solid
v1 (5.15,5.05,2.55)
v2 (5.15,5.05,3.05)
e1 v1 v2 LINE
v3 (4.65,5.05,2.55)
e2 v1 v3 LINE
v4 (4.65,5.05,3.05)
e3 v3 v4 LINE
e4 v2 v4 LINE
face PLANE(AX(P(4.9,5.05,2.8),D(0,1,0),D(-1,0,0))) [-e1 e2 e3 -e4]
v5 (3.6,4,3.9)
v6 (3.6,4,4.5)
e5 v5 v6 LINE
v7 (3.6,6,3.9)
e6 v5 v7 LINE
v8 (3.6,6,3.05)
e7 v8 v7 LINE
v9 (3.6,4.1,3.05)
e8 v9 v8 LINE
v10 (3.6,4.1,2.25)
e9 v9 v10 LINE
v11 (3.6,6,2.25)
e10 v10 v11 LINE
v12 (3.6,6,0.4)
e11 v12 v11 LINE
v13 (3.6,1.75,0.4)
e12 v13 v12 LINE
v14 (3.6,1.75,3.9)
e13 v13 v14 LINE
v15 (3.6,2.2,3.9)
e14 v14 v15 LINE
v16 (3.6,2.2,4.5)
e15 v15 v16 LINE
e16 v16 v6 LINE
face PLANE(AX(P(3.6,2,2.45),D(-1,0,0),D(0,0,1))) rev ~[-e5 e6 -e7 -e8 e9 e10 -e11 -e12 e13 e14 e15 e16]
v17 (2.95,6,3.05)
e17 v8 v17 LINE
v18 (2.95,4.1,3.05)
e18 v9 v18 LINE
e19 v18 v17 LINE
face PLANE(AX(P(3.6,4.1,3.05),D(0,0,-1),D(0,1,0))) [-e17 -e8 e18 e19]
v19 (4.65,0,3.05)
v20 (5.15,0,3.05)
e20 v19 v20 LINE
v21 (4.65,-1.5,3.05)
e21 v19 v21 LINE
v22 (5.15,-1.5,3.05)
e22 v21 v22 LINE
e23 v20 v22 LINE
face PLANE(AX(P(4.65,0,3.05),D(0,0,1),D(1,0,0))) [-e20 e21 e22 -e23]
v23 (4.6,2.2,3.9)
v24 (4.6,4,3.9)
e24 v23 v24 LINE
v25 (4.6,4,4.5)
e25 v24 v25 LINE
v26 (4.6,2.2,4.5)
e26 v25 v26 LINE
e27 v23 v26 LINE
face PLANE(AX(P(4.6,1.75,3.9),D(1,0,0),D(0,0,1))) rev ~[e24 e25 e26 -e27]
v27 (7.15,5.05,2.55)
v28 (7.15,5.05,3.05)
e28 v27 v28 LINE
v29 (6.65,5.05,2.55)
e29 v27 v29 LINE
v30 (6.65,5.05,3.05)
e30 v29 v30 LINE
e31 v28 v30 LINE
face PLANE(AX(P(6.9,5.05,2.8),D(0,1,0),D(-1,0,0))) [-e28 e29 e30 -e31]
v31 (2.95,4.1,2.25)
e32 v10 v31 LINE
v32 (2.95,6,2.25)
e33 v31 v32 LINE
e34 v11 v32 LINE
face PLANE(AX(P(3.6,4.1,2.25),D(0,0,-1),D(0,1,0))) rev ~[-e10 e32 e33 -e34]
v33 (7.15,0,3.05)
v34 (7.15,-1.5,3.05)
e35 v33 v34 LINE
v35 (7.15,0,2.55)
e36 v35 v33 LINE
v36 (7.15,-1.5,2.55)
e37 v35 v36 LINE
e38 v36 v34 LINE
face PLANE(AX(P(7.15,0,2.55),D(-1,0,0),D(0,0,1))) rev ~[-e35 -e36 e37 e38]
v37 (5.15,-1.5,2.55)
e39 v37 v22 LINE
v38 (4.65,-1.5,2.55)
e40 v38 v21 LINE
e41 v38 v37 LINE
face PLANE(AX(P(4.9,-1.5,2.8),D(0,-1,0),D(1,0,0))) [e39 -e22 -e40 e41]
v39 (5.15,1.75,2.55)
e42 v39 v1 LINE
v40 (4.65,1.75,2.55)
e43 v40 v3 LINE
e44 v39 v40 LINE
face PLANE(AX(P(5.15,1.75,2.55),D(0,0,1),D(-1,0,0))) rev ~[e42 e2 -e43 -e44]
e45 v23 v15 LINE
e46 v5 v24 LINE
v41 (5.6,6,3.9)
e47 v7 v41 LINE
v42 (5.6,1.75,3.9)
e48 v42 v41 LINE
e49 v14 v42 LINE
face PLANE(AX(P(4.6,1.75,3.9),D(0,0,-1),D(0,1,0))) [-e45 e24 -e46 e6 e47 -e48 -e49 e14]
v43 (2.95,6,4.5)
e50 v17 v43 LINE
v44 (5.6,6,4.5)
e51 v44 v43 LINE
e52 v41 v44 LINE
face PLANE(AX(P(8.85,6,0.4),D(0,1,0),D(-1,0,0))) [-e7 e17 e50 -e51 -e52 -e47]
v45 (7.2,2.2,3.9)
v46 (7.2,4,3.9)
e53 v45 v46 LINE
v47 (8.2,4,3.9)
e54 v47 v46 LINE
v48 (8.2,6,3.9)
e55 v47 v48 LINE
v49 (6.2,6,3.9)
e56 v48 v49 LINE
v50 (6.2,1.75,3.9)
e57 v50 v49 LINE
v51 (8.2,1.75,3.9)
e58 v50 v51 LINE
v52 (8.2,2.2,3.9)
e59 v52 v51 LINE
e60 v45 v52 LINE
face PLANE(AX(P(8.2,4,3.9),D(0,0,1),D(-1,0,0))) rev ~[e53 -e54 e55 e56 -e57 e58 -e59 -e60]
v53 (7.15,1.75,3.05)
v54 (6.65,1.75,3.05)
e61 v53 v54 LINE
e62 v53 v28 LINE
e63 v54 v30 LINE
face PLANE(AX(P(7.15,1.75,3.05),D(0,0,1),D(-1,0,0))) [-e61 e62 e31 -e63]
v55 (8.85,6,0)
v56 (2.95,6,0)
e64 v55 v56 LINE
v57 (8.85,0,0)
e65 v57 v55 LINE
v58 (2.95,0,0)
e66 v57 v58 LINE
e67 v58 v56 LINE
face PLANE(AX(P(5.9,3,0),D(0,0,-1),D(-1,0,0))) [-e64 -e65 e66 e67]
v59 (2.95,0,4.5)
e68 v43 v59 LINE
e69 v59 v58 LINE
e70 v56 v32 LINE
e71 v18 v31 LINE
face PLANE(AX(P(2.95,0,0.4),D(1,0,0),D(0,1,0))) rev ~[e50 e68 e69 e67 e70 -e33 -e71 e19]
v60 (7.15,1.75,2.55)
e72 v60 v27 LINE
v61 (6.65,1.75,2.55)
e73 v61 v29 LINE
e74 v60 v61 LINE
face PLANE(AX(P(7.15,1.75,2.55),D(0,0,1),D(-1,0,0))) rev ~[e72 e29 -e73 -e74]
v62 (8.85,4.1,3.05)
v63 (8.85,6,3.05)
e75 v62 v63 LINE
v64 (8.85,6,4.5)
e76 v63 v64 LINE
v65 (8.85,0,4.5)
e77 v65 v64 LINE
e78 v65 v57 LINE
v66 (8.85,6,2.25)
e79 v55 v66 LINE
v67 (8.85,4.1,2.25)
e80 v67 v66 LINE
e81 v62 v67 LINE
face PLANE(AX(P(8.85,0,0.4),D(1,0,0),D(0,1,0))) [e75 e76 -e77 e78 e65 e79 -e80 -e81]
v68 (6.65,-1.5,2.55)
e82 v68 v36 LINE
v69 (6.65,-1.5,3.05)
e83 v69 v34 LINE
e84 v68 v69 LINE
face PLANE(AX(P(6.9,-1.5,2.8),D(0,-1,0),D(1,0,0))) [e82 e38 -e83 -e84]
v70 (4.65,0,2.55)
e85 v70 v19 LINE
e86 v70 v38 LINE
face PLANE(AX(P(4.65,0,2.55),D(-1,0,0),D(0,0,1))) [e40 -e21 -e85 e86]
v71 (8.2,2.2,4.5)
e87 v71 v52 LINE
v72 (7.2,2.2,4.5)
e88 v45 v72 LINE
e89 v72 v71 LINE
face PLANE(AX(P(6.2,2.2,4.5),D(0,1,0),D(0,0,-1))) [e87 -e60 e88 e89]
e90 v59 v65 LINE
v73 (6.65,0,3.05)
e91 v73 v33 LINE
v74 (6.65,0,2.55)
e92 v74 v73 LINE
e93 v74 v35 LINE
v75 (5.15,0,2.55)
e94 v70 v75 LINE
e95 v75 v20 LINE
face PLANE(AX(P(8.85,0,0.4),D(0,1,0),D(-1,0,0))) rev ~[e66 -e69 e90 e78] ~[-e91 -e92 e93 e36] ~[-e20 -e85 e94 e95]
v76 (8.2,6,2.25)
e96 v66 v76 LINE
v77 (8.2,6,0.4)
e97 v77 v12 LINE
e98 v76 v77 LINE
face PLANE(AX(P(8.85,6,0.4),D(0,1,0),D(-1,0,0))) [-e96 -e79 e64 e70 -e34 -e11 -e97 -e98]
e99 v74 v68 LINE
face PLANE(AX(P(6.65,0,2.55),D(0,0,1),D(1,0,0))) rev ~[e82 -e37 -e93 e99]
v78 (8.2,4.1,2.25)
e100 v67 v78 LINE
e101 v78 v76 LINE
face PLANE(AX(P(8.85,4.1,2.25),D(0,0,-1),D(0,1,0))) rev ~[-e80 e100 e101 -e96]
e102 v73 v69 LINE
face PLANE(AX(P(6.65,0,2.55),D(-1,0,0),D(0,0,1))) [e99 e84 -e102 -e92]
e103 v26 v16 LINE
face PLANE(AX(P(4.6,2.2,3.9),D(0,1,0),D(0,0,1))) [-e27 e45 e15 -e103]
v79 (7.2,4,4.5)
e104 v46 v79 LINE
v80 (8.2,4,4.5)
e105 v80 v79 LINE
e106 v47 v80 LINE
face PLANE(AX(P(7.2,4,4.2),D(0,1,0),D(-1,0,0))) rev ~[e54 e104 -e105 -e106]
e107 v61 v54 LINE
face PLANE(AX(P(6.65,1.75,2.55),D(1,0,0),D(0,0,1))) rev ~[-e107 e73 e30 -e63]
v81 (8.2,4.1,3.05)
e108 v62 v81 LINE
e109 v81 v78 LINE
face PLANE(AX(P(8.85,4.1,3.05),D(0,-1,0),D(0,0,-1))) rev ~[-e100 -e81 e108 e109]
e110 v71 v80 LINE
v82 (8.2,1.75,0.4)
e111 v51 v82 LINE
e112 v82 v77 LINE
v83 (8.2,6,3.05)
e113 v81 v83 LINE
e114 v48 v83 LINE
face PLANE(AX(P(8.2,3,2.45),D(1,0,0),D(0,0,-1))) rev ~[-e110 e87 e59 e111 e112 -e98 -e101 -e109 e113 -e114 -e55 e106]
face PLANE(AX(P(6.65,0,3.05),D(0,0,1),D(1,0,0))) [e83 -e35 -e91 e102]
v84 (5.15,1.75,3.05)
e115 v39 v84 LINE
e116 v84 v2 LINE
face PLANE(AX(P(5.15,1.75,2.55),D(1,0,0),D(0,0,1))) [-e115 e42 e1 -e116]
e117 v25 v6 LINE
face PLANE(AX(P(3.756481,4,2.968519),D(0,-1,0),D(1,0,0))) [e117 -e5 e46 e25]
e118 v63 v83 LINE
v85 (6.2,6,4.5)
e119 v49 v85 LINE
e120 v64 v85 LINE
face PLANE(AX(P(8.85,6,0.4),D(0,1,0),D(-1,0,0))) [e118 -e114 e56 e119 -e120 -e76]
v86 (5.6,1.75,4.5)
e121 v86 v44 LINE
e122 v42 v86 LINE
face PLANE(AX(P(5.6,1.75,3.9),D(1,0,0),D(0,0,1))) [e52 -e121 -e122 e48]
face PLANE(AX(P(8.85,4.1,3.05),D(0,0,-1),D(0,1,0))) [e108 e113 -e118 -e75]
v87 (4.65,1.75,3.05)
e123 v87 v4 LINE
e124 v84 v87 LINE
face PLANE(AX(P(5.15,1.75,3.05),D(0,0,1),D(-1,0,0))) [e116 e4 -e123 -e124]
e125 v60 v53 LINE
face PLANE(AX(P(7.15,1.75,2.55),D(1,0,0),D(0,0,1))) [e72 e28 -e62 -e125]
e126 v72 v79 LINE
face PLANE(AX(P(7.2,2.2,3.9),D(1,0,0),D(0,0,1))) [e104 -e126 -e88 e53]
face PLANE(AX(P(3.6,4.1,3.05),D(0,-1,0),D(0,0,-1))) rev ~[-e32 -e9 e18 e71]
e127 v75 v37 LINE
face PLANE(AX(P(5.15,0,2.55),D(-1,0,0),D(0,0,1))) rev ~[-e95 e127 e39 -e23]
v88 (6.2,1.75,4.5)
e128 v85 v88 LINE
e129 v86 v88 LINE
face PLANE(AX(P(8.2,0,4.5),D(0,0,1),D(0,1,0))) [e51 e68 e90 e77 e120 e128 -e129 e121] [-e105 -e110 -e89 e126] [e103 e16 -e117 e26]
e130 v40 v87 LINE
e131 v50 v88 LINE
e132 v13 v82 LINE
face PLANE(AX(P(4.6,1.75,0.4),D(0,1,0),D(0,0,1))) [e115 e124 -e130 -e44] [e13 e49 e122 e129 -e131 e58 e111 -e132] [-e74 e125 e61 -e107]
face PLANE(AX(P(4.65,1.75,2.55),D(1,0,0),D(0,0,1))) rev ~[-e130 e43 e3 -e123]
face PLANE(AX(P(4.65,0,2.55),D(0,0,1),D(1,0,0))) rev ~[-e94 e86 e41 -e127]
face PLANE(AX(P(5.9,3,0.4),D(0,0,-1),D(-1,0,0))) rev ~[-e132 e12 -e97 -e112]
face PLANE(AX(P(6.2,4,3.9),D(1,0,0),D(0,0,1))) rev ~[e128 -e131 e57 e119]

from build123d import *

# Parameters (mm, degrees)
SKETCH1_W            = 1.75
SKETCH1_H            = 4.1
BOSS_EXTRUDE1_DEPTH  = 1.6
BOSS_EXTRUDE2_DEPTH  = 2
SKETCH3_W            = 1
SKETCH3_H            = 0.6
BOSS_EXTRUDE3_DEPTH  = 1.8
SKETCH4_W            = 1
SKETCH4_H            = 0.6
BOSS_EXTRUDE4_DEPTH  = 2.25
BOSS_EXTRUDE5_DEPTH  = 1
SKETCH6_W            = 4.1
SKETCH6_H            = 4
BOSS_EXTRUDE6_DEPTH  = 0.65
SKETCH7_W            = 2
SKETCH7_H            = 0.6
BOSS_EXTRUDE7_DEPTH  = 2
SKETCH8_W            = 4.1
SKETCH8_H            = 6
BOSS_EXTRUDE8_DEPTH  = 0.65
SKETCH9_W            = 5.9
SKETCH9_H            = 6
BOSS_EXTRUDE9_DEPTH  = 0.4
SKETCH10_W           = 0.8
SKETCH10_H           = 1.9
CUT_EXTRUDE1_DEPTH   = 1.65
SKETCH11_W           = 0.8
SKETCH11_H           = 1.9
CUT_EXTRUDE2_DEPTH   = 6.9
SKETCH12_W           = 0.5
SKETCH12_H           = 0.5
BOSS_EXTRUDE10_DEPTH = 3.3
SKETCH13_W           = 0.5
SKETCH13_H           = 0.5
BOSS_EXTRUDE11_DEPTH = 3.3
SKETCH14_W           = 0.5
SKETCH14_H           = 0.5
BOSS_EXTRUDE12_DEPTH = 1.5
SKETCH15_W           = 0.5
SKETCH15_H           = 0.5
BOSS_EXTRUDE13_DEPTH = 1.5


with BuildPart() as part:
    # Sketch1 → Boss-Extrude1 (new body)
    with BuildSketch(Plane(origin=(4.6, 0, 0), x_dir=(0, -1, 0), z_dir=(-1, 0, 0))):
        with Locations((-0.875, 2.45)):
            Rectangle(SKETCH1_W, SKETCH1_H)
    extrude(amount=-BOSS_EXTRUDE1_DEPTH)

    # Sketch2 → Boss-Extrude2 (add)
    with BuildSketch(Plane(origin=(6.2, 0, 0), x_dir=(0, 0, -1), z_dir=(1, 0, 0))):
        Polygon((-3.9, 1.75), (-0.4, 1.75), (-0.4, 0), (-4.5, 0), (-4.5, 2.2), (-3.9, 2.2), align=None)
    extrude(amount=BOSS_EXTRUDE2_DEPTH)

    # Sketch3 → Boss-Extrude3 (add)
    with BuildSketch(Plane(origin=(0, 2.2, 0), x_dir=(-1, 0, 0), z_dir=(0, 1, 0))):
        with Locations((-6.7, 4.2)):
            Rectangle(SKETCH3_W, SKETCH3_H)
    extrude(amount=BOSS_EXTRUDE3_DEPTH)

    # Sketch4 → Boss-Extrude4 (add)
    with BuildSketch(Plane(origin=(0, 1.75, 0), x_dir=(-1, 0, 0), z_dir=(0, 1, 0))):
        with Locations((-5.1, 4.2)):
            Rectangle(SKETCH4_W, SKETCH4_H)
    extrude(amount=BOSS_EXTRUDE4_DEPTH)

    # Sketch5 → Boss-Extrude5 (add)
    with BuildSketch(Plane.ZY.offset(-4.6)):
        Polygon((0.4, 0), (0.4, 1.75), (3.9, 1.75), (3.9, 2.2), (4.5, 2.2), (4.5, 0), align=None)
    extrude(amount=BOSS_EXTRUDE5_DEPTH)

    # Sketch6 → Boss-Extrude6 (add)
    with BuildSketch(Plane.ZY.offset(-3.6)):
        with Locations((2.45, 2)):
            Rectangle(SKETCH6_W, SKETCH6_H)
    extrude(amount=BOSS_EXTRUDE6_DEPTH)

    # Sketch7 → Boss-Extrude7 (add)
    with BuildSketch(Plane(origin=(0, 4, 0), x_dir=(-1, 0, 0), z_dir=(0, 1, 0))):
        with Locations((-7.2, 4.2)):
            Rectangle(SKETCH7_W, SKETCH7_H)
        Polygon((-3.6, 0.4), (-3.6, 3.9), (-5.6, 3.9), (-5.6, 4.5), (-2.95, 4.5), (-2.95, 0.4), align=None)
    extrude(amount=BOSS_EXTRUDE7_DEPTH)

    # Sketch8 → Boss-Extrude8 (add)
    with BuildSketch(Plane(origin=(8.2, 0, 0), x_dir=(0, 0, -1), z_dir=(1, 0, 0))):
        with Locations((-2.45, 3)):
            Rectangle(SKETCH8_W, SKETCH8_H)
    extrude(amount=BOSS_EXTRUDE8_DEPTH)

    # Sketch9 → Boss-Extrude9 (add)
    with BuildSketch(Plane(origin=(0, 0, 0.4), x_dir=(-1, 0, 0), z_dir=(0, 0, -1))):
        with Locations((-5.9, 3)):
            Rectangle(SKETCH9_W, SKETCH9_H)
    extrude(amount=BOSS_EXTRUDE9_DEPTH)

    # Sketch10 → Cut-Extrude1 (cut, through all)
    with BuildSketch(Plane(origin=(3.6, 0, 0), x_dir=(0, 0, -1), z_dir=(1, 0, 0))):
        with Locations((-2.65, 5.05)):
            Rectangle(SKETCH10_W, SKETCH10_H)
    extrude(amount=-CUT_EXTRUDE1_DEPTH, mode=Mode.SUBTRACT)

    # Sketch11 → Cut-Extrude2 (cut, through all)
    with BuildSketch(Plane(origin=(8.85, 0, 0), x_dir=(0, 0, -1), z_dir=(1, 0, 0))):
        with Locations((-2.65, 5.05)):
            Rectangle(SKETCH11_W, SKETCH11_H)
    extrude(amount=-CUT_EXTRUDE2_DEPTH, mode=Mode.SUBTRACT)

    # Sketch12 → Boss-Extrude10 (add)
    with BuildSketch(Plane(origin=(0, 1.75, 0), x_dir=(-1, 0, 0), z_dir=(0, 1, 0))):
        with Locations((-4.9, 2.8)):
            Rectangle(SKETCH12_W, SKETCH12_H)
    extrude(amount=BOSS_EXTRUDE10_DEPTH)

    # Sketch13 → Boss-Extrude11 (add)
    with BuildSketch(Plane(origin=(0, 1.75, 0), x_dir=(-1, 0, 0), z_dir=(0, 1, 0))):
        with Locations((-6.9, 2.8)):
            Rectangle(SKETCH13_W, SKETCH13_H)
    extrude(amount=BOSS_EXTRUDE11_DEPTH)

    # Sketch14 → Boss-Extrude12 (add)
    with BuildSketch(Plane.XZ):
        with Locations((4.9, 2.8)):
            Rectangle(SKETCH14_W, SKETCH14_H)
    extrude(amount=BOSS_EXTRUDE12_DEPTH)

    # Sketch15 → Boss-Extrude13 (add)
    with BuildSketch(Plane.XZ):
        with Locations((6.9, 2.8)):
            Rectangle(SKETCH15_W, SKETCH15_H)
    extrude(amount=BOSS_EXTRUDE13_DEPTH)


solid = part.part
